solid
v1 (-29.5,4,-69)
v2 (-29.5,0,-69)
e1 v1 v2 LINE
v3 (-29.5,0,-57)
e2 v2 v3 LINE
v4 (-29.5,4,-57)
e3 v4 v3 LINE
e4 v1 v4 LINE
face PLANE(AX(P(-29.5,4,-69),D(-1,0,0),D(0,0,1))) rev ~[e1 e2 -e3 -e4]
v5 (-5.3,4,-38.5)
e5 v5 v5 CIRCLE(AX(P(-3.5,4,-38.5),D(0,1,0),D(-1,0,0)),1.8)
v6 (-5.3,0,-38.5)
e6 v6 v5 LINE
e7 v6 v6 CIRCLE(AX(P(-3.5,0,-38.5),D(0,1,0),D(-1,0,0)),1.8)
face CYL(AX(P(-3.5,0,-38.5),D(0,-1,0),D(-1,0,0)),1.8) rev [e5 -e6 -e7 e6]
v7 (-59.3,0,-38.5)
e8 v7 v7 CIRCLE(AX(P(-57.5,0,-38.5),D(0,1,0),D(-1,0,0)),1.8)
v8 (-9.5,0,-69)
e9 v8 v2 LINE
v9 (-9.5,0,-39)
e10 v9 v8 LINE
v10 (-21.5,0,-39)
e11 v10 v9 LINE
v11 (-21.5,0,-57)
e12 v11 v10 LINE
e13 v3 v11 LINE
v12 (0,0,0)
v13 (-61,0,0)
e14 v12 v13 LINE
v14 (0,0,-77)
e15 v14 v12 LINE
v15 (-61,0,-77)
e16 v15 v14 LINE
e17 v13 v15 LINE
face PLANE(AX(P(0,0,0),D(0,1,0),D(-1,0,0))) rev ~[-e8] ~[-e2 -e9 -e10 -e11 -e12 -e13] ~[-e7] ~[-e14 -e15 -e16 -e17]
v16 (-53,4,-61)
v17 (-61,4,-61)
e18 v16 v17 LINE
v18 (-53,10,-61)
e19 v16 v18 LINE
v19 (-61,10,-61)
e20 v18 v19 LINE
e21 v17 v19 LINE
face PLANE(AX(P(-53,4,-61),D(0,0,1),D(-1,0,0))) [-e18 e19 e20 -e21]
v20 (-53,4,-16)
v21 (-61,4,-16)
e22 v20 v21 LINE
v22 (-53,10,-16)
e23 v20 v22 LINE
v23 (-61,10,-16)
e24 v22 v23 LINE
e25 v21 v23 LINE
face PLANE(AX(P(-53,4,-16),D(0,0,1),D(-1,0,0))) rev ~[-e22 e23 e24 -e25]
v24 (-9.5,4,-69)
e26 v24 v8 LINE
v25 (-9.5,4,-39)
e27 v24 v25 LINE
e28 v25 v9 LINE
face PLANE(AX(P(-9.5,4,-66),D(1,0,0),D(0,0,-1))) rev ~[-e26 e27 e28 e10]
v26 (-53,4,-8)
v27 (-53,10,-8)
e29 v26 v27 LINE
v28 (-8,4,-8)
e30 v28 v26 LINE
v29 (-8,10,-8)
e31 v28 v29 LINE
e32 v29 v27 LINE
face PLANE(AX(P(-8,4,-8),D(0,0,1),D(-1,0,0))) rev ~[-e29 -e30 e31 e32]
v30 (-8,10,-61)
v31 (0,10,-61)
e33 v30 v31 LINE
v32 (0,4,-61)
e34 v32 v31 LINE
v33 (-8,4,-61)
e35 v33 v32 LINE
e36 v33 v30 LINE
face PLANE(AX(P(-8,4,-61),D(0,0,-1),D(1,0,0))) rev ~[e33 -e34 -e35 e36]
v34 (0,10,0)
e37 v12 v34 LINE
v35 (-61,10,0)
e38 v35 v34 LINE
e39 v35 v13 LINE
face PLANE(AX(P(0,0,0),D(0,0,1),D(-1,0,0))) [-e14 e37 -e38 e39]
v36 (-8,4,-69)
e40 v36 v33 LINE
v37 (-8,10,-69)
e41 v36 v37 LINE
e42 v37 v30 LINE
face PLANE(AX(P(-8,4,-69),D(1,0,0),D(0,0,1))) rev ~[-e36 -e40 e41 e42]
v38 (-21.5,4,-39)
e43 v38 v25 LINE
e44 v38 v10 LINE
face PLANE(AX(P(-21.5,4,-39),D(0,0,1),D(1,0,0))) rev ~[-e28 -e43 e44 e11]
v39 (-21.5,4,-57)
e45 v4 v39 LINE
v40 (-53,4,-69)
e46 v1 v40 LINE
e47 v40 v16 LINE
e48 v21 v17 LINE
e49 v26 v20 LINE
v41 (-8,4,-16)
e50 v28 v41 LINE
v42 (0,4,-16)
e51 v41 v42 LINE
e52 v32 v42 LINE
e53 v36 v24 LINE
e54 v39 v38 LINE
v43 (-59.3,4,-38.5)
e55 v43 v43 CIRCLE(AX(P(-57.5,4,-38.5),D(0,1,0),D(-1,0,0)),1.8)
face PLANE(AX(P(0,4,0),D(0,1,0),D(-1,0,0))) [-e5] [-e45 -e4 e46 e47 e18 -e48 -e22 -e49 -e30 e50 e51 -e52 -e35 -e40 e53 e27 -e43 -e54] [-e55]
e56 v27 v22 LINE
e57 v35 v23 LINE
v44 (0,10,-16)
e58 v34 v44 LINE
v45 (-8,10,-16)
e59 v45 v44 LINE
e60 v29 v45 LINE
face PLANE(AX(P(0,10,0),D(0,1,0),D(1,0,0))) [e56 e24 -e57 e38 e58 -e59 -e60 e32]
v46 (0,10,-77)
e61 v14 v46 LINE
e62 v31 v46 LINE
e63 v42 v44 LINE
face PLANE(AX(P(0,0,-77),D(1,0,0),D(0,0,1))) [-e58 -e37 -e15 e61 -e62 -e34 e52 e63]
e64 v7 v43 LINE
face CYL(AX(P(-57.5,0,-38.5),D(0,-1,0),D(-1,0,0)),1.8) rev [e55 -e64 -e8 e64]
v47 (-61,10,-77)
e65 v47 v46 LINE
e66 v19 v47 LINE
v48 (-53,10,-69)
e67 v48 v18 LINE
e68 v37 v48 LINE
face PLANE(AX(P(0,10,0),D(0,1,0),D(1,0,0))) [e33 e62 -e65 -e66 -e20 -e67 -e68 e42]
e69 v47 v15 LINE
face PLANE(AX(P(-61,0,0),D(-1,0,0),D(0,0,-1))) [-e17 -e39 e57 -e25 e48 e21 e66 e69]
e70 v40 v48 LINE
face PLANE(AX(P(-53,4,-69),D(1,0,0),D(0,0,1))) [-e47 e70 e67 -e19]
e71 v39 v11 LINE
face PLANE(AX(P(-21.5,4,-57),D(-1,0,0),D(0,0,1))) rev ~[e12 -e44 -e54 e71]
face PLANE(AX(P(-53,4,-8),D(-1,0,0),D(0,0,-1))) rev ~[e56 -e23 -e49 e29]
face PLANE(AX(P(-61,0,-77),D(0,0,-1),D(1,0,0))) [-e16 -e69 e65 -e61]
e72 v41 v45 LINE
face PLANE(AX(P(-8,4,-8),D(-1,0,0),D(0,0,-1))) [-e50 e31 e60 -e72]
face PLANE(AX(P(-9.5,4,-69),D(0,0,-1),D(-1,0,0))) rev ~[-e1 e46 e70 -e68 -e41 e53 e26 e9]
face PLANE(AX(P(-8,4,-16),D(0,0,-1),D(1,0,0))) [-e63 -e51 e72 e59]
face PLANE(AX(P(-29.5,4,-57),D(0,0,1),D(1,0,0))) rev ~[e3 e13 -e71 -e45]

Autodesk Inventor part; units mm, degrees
ref_plane "YZ Plane" through (0, 0, 0) normal (1, 0, 0) x (0, 1, 0)
ref_plane "XZ Plane" through (0, 0, 0) normal (0, 1, 0) x (-1, 0, 0)
ref_plane "XY Plane" through (0, 0, 0) normal (0, 0, 1) x (1, 0, 0)
sketch "Sketch1" plane through (0, 0, 0) normal (0, 1, 0) x (-1, 0, 0)
  line L0 (0, 0) -> (61, 0)
  line L1 (61, 0) -> (61, -77)
  line L2 (61, -77) -> (0, -77)
  line L3 (0, -77) -> (0, 0)
  line L4 (61, -35) -> (54, -35) construction
  line L5 (54, -35) -> (54, -42) construction
  line L6 (54, -42) -> (61, -42) construction
  line L7 (61, -42) -> (61, -35) construction
  line L8 (30.5, 0) -> (30.5, -77) construction
  line L9 (57.5, -35) -> (57.5, -42) construction
  line L10 (61, -38.5) -> (54, -38.5) construction
  circle A0 centre (57.5, -38.5) radius 1.8
  circle A1 centre (3.5, -38.5) radius 1.8
  dimension "d0" = 61
  dimension "d1" = 77
  dimension "d2" = 7
  dimension "d3" = 7
  dimension "d4" = 35
  dimension "d5" = 3.6
extrude "Extrusion1" add sketch "Sketch1" along normal blind 4
sketch "Sketch2" plane through (0, 4, 0) normal (0, 1, 0) x (1, 0, 0)
  line L0 (-61, 77) -> (-61, 0) projected
  line L1 (-61, 0) -> (0, 0)
  line L2 (0, 0) -> (0, 8)
  line L3 (0, 8) -> (-61, 8)
  line L4 (-61, 8) -> (-61, 0)
  line L5 (-61, 0) -> (-53, 0)
  line L6 (-53, 0) -> (-53, 16)
  line L7 (-53, 16) -> (-61, 16)
  line L8 (-61, 16) -> (-61, 0)
  line L9 (-61, 0) -> (0, 0) projected
  line L10 (0, 0) -> (-8, 0)
  line L11 (-8, 0) -> (-8, 16)
  line L12 (-8, 16) -> (0, 16)
  line L13 (0, 16) -> (0, 0)
  line L14 (-61, 38.5) -> (0, 38.5) construction
  line L15 (0, 0) -> (0, 77) projected
  line L16 (-61, 77) -> (0, 77)
  line L17 (0, 77) -> (0, 69)
  line L18 (0, 69) -> (-61, 69)
  line L19 (-61, 69) -> (-61, 77)
  line L20 (-61, 77) -> (-53, 77)
  line L21 (-53, 77) -> (-53, 61)
  line L22 (-53, 61) -> (-61, 61)
  line L23 (-61, 61) -> (-61, 77)
  line L24 (-61, 77) -> (0, 77)
  line L25 (0, 77) -> (-8, 77)
  line L26 (-8, 77) -> (-8, 61)
  line L27 (-8, 61) -> (0, 61)
  line L28 (0, 61) -> (0, 77)
  point P0 (-8, 69)
  point P1 (0, 61)
  point P2 (-53, 69)
  point P3 (-8, 8)
  point P4 (-53, 8)
  dimension "d8" = 8
  dimension "d9" = 8
  dimension "d10" = 16
  dimension "d11" = 8
  dimension "d12" = 16
extrude "Extrusion2" add sketch "Sketch2" along normal blind 6 contours L16 L21 L18 L0 | L18 L21 L22 L0 | L16 L26 L18 L21 | L16 L15 L18 L26 | L7 L6 L3 L0 | L18 L15 L27 L26 | L3 L6 L1 L0 | L3 L11 L1 L6 | L11 L12 L13 L3 | L3 L2 L1 L11
sketch "Sketch3" plane through (0, 4, 0) normal (0, 1, 0) x (1, 0, 0)
  line L0 (-51.5, 8) -> (-9.5, 8) construction
  line L1 (-9.5, 8) -> (-9.5, 69) construction
  line L2 (-9.5, 69) -> (-51.5, 69) construction
  line L3 (-51.5, 69) -> (-51.5, 8) construction
  line L4 (-61, 61) -> (-61, 16) projected
  line L5 (-61, 0) -> (0, 0) projected
  line L6 (-9.5, 69) -> (-21.5, 69)
  line L7 (-21.5, 69) -> (-21.5, 39)
  line L8 (-21.5, 39) -> (-9.5, 39)
  line L9 (-9.5, 39) -> (-9.5, 69)
  line L10 (-9.5, 66) -> (-9.5, 54)
  line L11 (-9.5, 69) -> (-29.5, 69)
  line L12 (-29.5, 69) -> (-29.5, 57)
  line L13 (-29.5, 57) -> (-9.5, 57)
  line L14 (-9.5, 57) -> (-9.5, 69)
  point P0 (-21.5, 57)
  dimension "d15" = 42
  dimension "d16" = 61
  dimension "d17" = 9.5
  dimension "d18" = 8
  dimension "d19" = 12
  dimension "d20" = 30
  dimension "d25" = 20
  dimension "d26" = 12
extrude "Extrusion3" cut sketch "Sketch3" against normal through all
properties part number "ESPLid"
